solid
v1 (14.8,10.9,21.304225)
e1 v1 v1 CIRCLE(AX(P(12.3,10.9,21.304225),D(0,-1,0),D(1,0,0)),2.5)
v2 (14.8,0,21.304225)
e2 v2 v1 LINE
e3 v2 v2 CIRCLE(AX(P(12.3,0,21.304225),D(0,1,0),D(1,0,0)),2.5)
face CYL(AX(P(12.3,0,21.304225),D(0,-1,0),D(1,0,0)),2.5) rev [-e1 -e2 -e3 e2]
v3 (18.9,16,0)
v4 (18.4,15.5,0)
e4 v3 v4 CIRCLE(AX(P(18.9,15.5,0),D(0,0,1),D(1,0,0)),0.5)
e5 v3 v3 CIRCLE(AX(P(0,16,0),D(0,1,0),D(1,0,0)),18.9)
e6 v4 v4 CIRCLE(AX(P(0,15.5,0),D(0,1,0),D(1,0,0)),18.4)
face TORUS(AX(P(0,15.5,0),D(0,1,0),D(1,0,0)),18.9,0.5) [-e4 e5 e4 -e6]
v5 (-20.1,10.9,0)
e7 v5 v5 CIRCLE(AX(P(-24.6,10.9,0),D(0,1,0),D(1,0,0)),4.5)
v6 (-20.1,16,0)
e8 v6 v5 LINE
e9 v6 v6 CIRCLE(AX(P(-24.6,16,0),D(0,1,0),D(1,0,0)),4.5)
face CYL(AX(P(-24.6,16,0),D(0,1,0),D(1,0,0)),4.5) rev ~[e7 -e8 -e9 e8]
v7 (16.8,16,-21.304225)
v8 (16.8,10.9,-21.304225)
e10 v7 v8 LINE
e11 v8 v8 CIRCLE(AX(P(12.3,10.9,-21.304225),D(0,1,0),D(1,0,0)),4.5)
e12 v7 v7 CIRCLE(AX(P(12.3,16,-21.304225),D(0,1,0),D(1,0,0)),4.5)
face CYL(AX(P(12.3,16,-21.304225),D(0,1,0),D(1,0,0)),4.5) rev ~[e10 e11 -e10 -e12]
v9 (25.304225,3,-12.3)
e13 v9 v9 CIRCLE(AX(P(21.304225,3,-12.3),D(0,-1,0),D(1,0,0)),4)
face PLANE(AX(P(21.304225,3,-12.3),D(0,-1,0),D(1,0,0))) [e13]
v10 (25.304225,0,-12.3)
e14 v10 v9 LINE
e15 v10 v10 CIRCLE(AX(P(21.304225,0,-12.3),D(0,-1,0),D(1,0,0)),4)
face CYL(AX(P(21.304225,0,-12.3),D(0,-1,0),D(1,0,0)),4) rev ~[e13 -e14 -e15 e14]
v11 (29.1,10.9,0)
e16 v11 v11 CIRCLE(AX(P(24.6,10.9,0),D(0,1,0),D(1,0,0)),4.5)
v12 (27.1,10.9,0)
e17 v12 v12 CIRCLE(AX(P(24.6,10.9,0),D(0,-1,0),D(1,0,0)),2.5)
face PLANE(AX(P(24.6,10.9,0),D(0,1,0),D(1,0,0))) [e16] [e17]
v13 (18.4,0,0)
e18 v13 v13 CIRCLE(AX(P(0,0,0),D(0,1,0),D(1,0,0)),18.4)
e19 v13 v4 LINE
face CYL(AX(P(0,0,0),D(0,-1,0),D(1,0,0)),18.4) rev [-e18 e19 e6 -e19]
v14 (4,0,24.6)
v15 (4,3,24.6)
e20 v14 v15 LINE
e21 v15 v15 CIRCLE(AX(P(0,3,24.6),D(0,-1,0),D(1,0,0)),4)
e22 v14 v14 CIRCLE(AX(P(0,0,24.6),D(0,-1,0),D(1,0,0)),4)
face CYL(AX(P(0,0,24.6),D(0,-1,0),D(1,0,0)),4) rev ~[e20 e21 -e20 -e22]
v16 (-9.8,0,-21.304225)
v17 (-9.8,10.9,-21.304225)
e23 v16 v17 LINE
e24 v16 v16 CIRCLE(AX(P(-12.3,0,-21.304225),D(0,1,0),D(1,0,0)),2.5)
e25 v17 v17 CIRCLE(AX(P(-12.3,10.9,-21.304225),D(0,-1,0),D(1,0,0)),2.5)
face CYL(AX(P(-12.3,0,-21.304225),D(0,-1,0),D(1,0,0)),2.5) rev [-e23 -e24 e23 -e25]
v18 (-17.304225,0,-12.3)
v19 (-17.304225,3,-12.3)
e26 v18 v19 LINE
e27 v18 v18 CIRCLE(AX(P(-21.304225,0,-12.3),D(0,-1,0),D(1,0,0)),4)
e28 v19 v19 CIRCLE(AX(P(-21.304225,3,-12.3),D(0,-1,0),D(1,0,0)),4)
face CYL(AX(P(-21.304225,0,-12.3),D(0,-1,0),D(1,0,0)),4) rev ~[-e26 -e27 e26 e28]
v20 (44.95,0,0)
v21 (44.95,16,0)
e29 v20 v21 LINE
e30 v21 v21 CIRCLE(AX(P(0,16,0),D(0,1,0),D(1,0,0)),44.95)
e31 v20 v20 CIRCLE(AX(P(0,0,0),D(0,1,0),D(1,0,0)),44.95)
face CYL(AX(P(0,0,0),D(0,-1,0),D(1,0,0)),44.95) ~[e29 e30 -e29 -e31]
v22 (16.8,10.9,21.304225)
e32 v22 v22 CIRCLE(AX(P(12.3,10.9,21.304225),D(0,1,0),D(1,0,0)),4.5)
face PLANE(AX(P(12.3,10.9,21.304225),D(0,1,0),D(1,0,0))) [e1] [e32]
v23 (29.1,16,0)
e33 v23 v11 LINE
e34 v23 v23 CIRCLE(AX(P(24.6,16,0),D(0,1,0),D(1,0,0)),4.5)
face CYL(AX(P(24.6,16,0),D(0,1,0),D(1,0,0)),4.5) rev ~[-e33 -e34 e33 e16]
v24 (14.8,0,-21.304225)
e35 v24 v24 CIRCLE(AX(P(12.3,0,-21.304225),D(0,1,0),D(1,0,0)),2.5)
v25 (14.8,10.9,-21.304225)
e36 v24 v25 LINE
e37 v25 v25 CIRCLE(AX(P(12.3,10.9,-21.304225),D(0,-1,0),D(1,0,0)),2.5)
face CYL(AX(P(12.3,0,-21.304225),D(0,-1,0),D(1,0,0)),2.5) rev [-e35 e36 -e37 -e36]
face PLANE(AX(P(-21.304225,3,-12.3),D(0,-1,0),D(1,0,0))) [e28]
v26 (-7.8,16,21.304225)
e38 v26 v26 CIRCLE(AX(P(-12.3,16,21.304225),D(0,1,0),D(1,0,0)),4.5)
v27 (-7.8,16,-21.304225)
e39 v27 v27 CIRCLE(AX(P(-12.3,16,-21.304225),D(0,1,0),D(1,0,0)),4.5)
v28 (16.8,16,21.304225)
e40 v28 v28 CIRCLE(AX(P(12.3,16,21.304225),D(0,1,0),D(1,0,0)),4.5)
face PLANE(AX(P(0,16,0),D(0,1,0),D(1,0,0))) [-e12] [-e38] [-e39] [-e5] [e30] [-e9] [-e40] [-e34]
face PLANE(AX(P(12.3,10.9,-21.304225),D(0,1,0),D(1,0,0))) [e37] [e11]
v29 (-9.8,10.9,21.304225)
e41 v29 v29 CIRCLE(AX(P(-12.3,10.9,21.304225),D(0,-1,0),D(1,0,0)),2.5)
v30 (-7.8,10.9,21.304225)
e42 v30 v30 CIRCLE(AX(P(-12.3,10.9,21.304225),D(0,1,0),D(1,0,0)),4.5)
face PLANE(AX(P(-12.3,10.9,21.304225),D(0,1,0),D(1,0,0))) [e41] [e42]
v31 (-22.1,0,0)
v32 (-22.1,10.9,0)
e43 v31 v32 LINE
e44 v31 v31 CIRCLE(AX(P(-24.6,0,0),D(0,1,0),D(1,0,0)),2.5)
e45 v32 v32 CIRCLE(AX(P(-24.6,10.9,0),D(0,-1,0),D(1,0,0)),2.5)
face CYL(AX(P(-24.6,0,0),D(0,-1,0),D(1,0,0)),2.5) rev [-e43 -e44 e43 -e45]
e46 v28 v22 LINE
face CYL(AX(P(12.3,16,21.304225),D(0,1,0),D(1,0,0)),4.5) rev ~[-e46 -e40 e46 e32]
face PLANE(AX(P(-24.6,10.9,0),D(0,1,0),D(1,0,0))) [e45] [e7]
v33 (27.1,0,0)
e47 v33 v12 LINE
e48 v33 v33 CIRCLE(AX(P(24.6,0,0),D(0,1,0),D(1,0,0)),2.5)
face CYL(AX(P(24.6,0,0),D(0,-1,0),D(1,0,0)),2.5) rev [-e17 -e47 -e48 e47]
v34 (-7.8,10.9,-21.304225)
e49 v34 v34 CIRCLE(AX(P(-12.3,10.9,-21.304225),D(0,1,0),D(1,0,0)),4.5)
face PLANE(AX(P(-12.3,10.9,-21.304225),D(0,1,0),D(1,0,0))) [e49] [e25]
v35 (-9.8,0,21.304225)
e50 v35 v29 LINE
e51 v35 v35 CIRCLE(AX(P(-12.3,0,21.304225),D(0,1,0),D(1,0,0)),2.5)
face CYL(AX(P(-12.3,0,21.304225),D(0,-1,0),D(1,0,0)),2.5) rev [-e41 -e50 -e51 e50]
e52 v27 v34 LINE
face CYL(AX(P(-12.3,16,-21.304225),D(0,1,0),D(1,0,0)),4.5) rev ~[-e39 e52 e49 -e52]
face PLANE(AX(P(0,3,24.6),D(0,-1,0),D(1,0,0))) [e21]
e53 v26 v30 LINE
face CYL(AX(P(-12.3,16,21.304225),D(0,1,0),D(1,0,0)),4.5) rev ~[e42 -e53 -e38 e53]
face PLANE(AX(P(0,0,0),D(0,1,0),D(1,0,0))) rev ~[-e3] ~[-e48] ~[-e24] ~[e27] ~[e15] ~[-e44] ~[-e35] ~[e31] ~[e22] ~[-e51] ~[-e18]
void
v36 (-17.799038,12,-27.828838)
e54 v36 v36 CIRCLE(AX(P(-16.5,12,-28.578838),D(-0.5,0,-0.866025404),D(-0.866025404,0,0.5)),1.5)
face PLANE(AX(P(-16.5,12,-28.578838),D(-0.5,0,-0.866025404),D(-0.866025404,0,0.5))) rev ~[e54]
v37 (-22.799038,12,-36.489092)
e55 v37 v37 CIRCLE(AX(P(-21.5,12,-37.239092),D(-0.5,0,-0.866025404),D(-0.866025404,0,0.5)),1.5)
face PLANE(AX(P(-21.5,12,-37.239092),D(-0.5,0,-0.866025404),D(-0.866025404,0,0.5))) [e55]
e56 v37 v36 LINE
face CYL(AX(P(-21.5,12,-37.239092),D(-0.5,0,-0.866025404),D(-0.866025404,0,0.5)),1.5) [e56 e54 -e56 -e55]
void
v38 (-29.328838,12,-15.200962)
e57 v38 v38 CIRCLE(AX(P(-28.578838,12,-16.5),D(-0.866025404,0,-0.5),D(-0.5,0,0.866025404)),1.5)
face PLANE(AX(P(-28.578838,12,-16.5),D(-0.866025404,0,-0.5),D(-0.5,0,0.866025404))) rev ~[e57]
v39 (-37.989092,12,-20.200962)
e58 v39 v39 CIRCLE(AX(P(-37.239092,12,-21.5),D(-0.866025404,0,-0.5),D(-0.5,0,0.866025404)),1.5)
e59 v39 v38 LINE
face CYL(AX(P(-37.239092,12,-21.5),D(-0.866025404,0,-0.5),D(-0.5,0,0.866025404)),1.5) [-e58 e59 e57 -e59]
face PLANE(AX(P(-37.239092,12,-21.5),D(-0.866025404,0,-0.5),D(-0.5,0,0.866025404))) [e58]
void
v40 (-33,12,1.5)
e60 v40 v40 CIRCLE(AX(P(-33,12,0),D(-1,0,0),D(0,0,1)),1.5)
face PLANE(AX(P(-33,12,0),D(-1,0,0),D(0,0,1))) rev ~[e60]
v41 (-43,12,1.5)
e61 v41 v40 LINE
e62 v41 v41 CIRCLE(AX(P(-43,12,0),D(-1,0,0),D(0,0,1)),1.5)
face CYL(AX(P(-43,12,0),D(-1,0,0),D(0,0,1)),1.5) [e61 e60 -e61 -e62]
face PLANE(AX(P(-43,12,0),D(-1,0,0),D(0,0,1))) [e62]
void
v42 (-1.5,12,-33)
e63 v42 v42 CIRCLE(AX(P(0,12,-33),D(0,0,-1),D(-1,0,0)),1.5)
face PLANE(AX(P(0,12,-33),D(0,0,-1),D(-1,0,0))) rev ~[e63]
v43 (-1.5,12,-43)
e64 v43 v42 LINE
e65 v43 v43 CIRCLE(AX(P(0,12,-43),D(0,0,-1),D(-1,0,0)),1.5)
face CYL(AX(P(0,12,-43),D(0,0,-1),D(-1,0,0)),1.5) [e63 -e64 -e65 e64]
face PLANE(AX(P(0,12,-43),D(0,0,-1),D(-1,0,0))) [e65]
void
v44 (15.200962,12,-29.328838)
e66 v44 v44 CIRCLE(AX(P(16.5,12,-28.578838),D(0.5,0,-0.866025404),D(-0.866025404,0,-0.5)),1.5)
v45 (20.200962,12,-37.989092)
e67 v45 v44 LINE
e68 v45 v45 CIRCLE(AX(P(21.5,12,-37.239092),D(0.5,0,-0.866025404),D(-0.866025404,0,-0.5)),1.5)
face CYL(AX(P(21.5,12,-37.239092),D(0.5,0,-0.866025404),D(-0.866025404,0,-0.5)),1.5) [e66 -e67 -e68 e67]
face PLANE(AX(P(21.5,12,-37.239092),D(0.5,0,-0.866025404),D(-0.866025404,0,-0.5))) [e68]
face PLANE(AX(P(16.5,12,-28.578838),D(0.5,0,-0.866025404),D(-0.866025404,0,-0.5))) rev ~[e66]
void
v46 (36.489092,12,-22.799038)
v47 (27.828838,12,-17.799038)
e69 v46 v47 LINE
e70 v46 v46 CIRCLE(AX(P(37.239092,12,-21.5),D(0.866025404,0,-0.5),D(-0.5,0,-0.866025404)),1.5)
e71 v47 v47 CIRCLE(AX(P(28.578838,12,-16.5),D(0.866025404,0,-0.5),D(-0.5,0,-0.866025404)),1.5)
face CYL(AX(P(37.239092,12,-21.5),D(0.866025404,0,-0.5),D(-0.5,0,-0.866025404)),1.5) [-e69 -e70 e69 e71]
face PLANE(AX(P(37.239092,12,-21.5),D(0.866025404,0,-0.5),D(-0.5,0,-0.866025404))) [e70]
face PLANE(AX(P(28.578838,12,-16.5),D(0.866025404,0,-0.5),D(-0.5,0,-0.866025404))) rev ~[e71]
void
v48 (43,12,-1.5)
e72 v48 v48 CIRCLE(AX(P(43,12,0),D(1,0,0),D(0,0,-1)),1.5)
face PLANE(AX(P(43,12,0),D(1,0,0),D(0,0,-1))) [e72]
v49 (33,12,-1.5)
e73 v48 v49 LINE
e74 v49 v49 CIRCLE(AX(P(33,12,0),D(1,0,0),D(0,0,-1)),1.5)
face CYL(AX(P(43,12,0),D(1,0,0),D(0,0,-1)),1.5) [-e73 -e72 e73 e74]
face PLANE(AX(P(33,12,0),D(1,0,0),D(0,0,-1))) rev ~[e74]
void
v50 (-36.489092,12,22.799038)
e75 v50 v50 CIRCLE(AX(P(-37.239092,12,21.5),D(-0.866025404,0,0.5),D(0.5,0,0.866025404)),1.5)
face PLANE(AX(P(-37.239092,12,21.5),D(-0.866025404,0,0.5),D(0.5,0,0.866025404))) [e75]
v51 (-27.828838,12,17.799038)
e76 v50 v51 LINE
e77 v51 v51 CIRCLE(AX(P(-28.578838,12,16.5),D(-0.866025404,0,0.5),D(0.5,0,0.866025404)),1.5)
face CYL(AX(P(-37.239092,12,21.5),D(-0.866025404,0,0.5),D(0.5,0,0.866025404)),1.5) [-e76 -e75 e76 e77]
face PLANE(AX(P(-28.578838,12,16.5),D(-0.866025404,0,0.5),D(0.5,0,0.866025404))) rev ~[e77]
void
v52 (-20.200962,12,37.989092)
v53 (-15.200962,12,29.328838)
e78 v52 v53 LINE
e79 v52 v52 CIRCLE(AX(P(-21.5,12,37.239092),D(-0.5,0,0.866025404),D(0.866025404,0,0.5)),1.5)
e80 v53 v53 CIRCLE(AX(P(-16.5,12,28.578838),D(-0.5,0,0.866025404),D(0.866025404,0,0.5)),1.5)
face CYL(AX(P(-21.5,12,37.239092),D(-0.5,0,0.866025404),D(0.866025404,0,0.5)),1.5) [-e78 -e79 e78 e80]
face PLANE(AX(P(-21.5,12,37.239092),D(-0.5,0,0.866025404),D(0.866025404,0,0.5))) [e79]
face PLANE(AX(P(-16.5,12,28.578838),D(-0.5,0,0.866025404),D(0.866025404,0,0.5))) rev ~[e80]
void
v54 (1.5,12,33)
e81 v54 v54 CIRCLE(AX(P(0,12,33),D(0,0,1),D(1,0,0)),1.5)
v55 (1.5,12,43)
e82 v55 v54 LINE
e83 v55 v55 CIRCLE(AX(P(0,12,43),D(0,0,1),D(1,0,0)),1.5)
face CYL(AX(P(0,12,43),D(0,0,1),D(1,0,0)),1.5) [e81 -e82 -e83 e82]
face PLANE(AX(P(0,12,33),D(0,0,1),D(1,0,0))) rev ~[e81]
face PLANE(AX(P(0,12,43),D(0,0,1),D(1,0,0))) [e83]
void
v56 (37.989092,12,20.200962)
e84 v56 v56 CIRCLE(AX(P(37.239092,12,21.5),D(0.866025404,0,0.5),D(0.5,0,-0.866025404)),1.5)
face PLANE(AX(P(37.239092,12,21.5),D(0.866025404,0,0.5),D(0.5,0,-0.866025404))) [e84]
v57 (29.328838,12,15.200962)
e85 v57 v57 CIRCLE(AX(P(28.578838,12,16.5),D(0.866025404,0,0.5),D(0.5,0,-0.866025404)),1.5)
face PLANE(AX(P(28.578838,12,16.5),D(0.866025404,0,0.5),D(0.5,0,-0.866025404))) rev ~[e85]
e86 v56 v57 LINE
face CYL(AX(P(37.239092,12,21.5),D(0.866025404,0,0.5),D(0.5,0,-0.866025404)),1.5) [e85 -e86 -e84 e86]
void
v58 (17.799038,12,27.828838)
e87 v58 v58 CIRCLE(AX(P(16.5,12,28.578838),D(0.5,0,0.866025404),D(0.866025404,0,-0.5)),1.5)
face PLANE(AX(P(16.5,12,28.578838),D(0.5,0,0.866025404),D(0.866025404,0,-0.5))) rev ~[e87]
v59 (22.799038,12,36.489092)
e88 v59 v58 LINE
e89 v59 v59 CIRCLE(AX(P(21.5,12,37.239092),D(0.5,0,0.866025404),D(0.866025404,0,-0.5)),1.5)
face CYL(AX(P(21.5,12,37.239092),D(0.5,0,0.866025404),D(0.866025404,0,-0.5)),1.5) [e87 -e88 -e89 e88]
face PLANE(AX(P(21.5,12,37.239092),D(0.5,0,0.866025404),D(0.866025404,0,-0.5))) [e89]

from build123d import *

# Parameters (mm, degrees)
SKETCH_1_R               = 44.95
SKETCH_1_R_2             = 2.5
SKETCH_1_R_3             = 18.4
EXTRUDE_1_DEPTH          = 16
SKETCH_2_R               = 4
CUT_EXTRUDE_1_DEPTH      = 3
SKETCH_4_R               = 4.5
CUT_EXTRUDE_2_DEPTH      = 5.1
SKETCH_5_R               = 1.5
CUT_EXTRUDE_3_DEPTH      = 10
PATTERN_CIRCULAR_1_COUNT = 12
FILLET_1_R               = 0.5


with BuildPart() as part:
    # 草图1 → 凸台-拉伸1 (new body)
    with BuildSketch(Plane(origin=(0, 0, 0), x_dir=(1, 0, 0), z_dir=(0, 1, 0))):
        Circle(SKETCH_1_R)
        with Locations((-24.6, 0)):
            Circle(SKETCH_1_R_2, mode=Mode.SUBTRACT)
        with Locations((-12.3, 21.304224933)):
            Circle(SKETCH_1_R_2, mode=Mode.SUBTRACT)
        with Locations((12.3, 21.304224933)):
            Circle(SKETCH_1_R_2, mode=Mode.SUBTRACT)
        with Locations((24.6, 0)):
            Circle(SKETCH_1_R_2, mode=Mode.SUBTRACT)
        with Locations((12.3, -21.304224933)):
            Circle(SKETCH_1_R_2, mode=Mode.SUBTRACT)
        with Locations((-12.3, -21.304224933)):
            Circle(SKETCH_1_R_2, mode=Mode.SUBTRACT)
        Circle(SKETCH_1_R_3, mode=Mode.SUBTRACT)
    extrude(amount=EXTRUDE_1_DEPTH)

    # 草图2 → 切除-拉伸1 (cut)
    with BuildSketch(Plane.XZ):
        with Locations((-21.304224933, -12.3)):
            Circle(SKETCH_2_R)
        with Locations((0, 24.6)):
            Circle(SKETCH_2_R)
        with Locations((21.304224933, -12.3)):
            Circle(SKETCH_2_R)
    extrude(amount=-CUT_EXTRUDE_1_DEPTH, mode=Mode.SUBTRACT)

    # 草图4 → 切除-拉伸2 (cut)
    with BuildSketch(Plane(origin=(0, 16, 0), x_dir=(1, 0, 0), z_dir=(0, 1, 0))):
        with Locations((-24.6, 0)):
            Circle(SKETCH_4_R)
        with Locations((-12.3, 21.304224933)):
            Circle(SKETCH_4_R)
        with Locations((12.3, 21.304224933)):
            Circle(SKETCH_4_R)
        with Locations((24.6, 0)):
            Circle(SKETCH_4_R)
        with Locations((12.3, -21.304224933)):
            Circle(SKETCH_4_R)
        with Locations((-12.3, -21.304224933)):
            Circle(SKETCH_4_R)
    extrude(amount=-CUT_EXTRUDE_2_DEPTH, mode=Mode.SUBTRACT)

    # 草图5 → 切除-拉伸3 (cut)
    with BuildSketch(Plane(origin=(43, 0, 0), x_dir=(0, 0, -1), z_dir=(1, 0, 0))):
        with Locations((0, 12)):
            Circle(SKETCH_5_R)
    cut_extrude_3 = extrude(amount=-CUT_EXTRUDE_3_DEPTH, mode=Mode.SUBTRACT)

    # 阵列(圆周)1: 切除-拉伸3 ×12 about axis
    pattern_circular_1_axis = Axis((0, 0, 0), (0, 1, 0))
    for i in range(1, PATTERN_CIRCULAR_1_COUNT):
        add(cut_extrude_3.rotate(pattern_circular_1_axis, i * 360 / PATTERN_CIRCULAR_1_COUNT), mode=Mode.SUBTRACT)

    # 圆角1
    fillet_1_edges = [part.edges().sort_by_distance(p)[0] for p in [
        (-18.4, 16, 0),
    ]]
    fillet(fillet_1_edges, radius=FILLET_1_R)


solid = part.part
